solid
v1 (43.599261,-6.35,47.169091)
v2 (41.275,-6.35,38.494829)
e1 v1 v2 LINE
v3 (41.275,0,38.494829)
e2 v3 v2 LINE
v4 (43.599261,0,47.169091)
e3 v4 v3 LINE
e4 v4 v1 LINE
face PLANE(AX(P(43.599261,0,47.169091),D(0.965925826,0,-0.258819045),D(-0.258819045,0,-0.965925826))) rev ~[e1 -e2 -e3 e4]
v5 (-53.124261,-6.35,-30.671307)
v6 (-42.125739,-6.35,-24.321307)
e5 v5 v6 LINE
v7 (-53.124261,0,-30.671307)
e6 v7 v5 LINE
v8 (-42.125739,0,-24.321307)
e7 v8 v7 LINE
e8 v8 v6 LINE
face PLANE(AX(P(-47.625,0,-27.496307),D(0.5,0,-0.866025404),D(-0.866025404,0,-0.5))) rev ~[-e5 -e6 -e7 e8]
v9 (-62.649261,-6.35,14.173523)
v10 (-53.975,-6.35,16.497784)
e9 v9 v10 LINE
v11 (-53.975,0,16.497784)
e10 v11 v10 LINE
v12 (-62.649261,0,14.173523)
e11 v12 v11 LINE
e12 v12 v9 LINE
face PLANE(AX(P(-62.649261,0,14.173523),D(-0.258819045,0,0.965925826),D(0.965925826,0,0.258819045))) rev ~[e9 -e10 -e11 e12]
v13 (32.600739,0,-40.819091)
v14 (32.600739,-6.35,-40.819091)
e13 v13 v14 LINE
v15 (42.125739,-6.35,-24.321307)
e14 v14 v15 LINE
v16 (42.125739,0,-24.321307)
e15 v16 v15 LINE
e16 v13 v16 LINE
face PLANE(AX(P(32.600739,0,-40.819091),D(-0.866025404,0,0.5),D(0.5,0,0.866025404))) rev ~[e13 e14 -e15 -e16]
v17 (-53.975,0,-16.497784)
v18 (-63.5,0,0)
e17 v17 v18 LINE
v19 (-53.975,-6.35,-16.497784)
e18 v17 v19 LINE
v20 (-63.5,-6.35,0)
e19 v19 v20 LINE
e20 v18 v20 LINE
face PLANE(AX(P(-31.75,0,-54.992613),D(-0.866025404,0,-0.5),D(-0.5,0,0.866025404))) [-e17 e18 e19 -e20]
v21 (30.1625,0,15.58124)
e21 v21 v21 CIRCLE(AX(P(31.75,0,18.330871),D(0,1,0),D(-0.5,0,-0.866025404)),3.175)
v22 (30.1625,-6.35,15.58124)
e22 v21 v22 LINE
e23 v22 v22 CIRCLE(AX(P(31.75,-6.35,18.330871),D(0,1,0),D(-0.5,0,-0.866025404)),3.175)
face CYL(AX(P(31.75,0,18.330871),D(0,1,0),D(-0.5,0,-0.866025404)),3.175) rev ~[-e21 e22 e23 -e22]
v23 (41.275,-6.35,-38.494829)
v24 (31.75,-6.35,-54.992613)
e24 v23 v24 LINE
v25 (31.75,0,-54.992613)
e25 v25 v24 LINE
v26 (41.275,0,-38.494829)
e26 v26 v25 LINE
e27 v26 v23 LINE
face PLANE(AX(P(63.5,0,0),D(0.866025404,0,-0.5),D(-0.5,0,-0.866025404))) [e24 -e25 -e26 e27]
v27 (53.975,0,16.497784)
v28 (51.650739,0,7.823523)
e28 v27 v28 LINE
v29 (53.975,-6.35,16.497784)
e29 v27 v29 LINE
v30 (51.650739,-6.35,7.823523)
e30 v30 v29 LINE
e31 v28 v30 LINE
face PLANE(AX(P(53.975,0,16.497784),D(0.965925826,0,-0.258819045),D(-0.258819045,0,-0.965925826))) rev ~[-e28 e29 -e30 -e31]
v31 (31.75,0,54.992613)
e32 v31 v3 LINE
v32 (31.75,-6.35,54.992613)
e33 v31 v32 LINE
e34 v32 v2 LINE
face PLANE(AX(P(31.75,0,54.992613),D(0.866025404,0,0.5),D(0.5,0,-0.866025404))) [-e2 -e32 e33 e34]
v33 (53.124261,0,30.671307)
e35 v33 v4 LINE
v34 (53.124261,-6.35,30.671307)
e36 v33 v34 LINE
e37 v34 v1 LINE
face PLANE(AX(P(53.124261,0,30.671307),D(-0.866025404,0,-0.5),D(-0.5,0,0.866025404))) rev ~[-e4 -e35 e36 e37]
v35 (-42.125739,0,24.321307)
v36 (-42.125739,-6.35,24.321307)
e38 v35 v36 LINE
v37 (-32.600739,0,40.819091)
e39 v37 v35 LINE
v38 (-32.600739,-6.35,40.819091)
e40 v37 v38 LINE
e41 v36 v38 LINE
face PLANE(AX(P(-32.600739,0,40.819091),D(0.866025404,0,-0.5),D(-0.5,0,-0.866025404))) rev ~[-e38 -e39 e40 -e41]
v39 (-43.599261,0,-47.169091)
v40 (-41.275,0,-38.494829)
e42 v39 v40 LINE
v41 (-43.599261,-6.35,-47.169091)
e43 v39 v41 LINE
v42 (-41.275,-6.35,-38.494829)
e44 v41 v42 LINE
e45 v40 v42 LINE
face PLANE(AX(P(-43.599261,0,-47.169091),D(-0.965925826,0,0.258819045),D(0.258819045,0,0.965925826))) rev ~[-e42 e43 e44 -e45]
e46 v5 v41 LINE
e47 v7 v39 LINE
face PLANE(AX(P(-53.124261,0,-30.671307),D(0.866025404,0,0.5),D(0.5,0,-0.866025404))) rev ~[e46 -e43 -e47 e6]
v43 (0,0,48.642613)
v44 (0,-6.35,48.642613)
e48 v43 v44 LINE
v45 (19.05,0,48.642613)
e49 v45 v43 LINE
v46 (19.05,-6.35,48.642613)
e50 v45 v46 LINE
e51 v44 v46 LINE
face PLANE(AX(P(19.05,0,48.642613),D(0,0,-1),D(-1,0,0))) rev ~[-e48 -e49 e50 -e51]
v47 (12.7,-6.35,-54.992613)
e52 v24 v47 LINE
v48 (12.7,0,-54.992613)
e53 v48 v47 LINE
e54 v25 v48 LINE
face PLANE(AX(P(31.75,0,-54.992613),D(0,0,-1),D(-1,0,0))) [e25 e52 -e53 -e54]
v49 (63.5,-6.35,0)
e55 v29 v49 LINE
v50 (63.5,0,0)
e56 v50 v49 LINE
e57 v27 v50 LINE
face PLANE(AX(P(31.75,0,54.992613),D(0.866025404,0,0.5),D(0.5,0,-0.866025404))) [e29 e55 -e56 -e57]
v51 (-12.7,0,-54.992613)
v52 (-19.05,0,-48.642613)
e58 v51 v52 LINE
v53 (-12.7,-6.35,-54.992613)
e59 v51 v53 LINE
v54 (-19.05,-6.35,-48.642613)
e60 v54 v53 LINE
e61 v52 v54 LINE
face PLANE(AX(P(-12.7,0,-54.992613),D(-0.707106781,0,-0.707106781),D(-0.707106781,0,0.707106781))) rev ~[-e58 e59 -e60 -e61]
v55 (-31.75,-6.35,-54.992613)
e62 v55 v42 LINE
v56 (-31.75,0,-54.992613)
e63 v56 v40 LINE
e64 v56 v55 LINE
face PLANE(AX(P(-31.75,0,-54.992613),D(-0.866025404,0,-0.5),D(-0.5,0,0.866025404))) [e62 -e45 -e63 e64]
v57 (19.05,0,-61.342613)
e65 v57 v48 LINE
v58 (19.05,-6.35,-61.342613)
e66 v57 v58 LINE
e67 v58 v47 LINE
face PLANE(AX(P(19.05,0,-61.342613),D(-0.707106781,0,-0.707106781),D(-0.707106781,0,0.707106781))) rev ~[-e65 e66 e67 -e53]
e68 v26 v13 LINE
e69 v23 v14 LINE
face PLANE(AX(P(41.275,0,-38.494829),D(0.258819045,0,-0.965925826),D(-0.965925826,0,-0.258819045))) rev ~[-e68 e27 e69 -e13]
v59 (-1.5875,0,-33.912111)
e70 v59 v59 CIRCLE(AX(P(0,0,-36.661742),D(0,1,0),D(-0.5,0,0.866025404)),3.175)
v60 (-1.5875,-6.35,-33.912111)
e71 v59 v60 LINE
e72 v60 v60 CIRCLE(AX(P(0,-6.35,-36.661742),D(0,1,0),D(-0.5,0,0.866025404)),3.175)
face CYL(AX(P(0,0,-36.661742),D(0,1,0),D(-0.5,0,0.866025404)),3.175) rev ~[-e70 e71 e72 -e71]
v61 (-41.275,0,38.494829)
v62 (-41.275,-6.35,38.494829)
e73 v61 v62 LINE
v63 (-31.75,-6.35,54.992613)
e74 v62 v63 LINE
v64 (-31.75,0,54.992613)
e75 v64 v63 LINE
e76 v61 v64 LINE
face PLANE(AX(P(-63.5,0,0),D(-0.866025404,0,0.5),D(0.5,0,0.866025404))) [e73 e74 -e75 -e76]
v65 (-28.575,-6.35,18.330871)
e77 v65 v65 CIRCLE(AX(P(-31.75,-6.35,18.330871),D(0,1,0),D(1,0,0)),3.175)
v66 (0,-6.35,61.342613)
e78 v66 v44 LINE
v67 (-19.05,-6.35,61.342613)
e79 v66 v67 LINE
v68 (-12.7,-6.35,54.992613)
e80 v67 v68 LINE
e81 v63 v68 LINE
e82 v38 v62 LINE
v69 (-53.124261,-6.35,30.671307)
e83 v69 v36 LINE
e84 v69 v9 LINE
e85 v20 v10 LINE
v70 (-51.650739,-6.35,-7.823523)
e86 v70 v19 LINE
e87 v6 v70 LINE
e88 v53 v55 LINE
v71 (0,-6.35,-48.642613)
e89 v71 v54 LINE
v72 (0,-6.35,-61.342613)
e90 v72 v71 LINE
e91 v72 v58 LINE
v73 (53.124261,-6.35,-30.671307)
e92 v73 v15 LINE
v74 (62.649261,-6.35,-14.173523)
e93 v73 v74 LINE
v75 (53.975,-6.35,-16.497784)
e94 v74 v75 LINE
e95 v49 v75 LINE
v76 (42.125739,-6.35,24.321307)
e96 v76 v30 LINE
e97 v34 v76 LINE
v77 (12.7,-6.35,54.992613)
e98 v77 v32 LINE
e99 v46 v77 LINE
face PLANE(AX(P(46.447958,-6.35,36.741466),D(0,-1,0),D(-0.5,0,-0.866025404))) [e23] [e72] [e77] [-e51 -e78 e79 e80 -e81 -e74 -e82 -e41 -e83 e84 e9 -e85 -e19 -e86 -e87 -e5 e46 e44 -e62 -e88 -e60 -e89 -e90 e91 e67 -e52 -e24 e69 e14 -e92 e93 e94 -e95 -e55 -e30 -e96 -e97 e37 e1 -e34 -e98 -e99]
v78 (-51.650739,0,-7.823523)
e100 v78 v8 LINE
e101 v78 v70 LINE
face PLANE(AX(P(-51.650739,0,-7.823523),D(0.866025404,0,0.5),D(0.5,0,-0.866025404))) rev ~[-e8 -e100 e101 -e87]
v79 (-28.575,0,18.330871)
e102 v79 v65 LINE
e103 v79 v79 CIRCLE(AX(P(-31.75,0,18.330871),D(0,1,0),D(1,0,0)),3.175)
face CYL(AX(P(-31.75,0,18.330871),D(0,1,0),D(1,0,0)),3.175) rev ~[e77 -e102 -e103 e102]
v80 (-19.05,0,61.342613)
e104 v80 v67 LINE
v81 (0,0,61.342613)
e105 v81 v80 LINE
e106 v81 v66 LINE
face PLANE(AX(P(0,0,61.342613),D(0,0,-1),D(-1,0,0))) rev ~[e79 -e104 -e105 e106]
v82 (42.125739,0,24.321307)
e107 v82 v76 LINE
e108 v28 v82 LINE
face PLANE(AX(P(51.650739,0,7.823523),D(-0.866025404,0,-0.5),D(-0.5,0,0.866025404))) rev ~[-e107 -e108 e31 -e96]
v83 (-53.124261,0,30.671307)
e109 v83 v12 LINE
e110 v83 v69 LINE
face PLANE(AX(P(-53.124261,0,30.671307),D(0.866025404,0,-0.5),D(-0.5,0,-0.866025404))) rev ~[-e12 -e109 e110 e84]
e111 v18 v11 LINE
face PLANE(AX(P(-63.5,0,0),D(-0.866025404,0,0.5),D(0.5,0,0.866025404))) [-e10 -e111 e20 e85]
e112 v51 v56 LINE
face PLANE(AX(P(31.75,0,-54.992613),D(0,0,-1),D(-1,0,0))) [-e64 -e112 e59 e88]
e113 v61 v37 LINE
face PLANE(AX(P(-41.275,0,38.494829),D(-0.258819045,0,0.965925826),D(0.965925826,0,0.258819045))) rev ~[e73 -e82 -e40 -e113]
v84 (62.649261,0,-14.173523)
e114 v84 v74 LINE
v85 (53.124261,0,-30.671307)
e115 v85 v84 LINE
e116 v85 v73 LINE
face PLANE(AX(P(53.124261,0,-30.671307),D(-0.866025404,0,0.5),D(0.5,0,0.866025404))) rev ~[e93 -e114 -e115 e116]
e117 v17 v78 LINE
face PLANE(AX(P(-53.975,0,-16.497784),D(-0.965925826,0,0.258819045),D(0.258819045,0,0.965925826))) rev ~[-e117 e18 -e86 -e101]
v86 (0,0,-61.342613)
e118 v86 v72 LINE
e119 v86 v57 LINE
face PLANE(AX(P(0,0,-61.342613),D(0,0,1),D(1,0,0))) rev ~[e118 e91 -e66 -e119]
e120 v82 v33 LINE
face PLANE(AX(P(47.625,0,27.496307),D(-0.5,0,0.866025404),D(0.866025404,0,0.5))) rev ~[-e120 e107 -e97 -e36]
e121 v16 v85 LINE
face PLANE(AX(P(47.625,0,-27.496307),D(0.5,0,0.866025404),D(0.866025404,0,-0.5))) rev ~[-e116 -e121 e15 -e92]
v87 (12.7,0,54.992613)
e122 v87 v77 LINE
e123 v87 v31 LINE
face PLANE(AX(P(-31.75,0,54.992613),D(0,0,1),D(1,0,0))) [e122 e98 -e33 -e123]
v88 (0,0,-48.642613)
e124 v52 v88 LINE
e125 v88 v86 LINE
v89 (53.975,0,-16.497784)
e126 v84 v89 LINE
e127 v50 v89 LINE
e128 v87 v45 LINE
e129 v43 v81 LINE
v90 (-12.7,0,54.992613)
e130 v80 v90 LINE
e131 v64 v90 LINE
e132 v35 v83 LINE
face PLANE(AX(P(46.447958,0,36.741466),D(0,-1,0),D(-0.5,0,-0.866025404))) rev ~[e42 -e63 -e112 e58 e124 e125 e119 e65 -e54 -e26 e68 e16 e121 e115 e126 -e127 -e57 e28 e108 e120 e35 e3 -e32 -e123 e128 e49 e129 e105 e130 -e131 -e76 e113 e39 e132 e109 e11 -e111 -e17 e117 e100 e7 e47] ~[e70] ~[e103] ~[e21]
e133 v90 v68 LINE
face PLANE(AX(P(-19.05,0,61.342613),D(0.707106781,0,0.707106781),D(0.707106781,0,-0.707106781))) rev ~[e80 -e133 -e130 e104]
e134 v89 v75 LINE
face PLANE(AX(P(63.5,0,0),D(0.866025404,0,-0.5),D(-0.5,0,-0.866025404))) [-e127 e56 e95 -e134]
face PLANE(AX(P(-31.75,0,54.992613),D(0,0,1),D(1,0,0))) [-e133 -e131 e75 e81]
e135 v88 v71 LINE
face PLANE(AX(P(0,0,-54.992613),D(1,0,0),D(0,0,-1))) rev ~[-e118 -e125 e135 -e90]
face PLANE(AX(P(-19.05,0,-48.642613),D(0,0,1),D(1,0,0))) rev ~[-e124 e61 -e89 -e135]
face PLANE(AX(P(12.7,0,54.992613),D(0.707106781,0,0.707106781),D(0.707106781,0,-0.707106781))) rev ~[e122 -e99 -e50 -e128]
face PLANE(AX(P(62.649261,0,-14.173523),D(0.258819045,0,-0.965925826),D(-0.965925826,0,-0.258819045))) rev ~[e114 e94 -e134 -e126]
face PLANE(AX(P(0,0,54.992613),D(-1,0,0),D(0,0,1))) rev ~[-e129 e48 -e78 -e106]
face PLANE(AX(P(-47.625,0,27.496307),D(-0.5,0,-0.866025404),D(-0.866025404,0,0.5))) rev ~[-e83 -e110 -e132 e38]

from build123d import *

# Parameters (mm, degrees)
BOSS_EXTRUDE1_DEPTH = 6.35
SKETCH9_R           = 3.175
CUT_EXTRUDE3_DEPTH  = 85.242269675
CIRPATTERN6_COUNT   = 3
CUT_EXTRUDE4_DEPTH  = 85.242269675
BOSS_EXTRUDE4_DEPTH = 6.35
CIRPATTERN7_COUNT   = 6


with BuildPart() as part:
    # Sketch1 → Boss-Extrude1 (new body)
    with BuildSketch(Plane(origin=(0, 0, 0), x_dir=(1, 0, 0), z_dir=(0, 1, 0))):
        Polygon((63.5, 0), (31.75, 54.99261314), (-31.75, 54.99261314), (-63.5, 0), (-31.75, -54.99261314), (31.75, -54.99261314), align=None)
    extrude(amount=-BOSS_EXTRUDE1_DEPTH)

    # Sketch9 → Cut-Extrude3 (cut, through all)
    with BuildSketch(Plane(origin=(0, 0, 0), x_dir=(1, 0, 0), z_dir=(0, 1, 0))):
        with Locations((-31.75, -18.330871047)):
            Circle(SKETCH9_R)
    cut_extrude3 = extrude(amount=-CUT_EXTRUDE3_DEPTH, mode=Mode.SUBTRACT)

    # CirPattern6: Cut-Extrude3 ×3 about axis
    cirpattern6_axis = Axis((0, 0, 0), (0, 1, 0))
    for i in range(1, CIRPATTERN6_COUNT):
        add(cut_extrude3.rotate(cirpattern6_axis, i * 360 / CIRPATTERN6_COUNT), mode=Mode.SUBTRACT)

    # Sketch10 → Cut-Extrude4 (cut, through all)
    with BuildSketch(Plane(origin=(0, 0, 0), x_dir=(1, 0, 0), z_dir=(0, 1, 0))):
        Polygon((41.275, 38.494829198), (32.600738686, 40.819090512), (42.125738686, 24.32130657), (47.625, 27.49630657), align=None)
    cut_extrude4 = extrude(amount=-CUT_EXTRUDE4_DEPTH, mode=Mode.SUBTRACT)

    # Sketch11 → Boss-Extrude4 (add)
    with BuildSketch(Plane(origin=(0, 0, 0), x_dir=(1, 0, 0), z_dir=(0, 1, 0))):
        Polygon((47.625, 27.49630657), (53.124261314, 30.67130657), (62.649261314, 14.173522628), (53.975, 16.497783942), align=None)
    boss_extrude4 = extrude(amount=-BOSS_EXTRUDE4_DEPTH)

    # CirPattern7: Cut-Extrude4, Boss-Extrude4 ×6 about axis
    cirpattern7_axis = Axis((0, 0, 0), (0, 1, 0))
    add([cut_extrude4.rotate(cirpattern7_axis, i * 360 / CIRPATTERN7_COUNT) for i in range(1, CIRPATTERN7_COUNT)], mode=Mode.SUBTRACT)
    add([boss_extrude4.rotate(cirpattern7_axis, i * 360 / CIRPATTERN7_COUNT) for i in range(1, CIRPATTERN7_COUNT)])


solid = part.part
